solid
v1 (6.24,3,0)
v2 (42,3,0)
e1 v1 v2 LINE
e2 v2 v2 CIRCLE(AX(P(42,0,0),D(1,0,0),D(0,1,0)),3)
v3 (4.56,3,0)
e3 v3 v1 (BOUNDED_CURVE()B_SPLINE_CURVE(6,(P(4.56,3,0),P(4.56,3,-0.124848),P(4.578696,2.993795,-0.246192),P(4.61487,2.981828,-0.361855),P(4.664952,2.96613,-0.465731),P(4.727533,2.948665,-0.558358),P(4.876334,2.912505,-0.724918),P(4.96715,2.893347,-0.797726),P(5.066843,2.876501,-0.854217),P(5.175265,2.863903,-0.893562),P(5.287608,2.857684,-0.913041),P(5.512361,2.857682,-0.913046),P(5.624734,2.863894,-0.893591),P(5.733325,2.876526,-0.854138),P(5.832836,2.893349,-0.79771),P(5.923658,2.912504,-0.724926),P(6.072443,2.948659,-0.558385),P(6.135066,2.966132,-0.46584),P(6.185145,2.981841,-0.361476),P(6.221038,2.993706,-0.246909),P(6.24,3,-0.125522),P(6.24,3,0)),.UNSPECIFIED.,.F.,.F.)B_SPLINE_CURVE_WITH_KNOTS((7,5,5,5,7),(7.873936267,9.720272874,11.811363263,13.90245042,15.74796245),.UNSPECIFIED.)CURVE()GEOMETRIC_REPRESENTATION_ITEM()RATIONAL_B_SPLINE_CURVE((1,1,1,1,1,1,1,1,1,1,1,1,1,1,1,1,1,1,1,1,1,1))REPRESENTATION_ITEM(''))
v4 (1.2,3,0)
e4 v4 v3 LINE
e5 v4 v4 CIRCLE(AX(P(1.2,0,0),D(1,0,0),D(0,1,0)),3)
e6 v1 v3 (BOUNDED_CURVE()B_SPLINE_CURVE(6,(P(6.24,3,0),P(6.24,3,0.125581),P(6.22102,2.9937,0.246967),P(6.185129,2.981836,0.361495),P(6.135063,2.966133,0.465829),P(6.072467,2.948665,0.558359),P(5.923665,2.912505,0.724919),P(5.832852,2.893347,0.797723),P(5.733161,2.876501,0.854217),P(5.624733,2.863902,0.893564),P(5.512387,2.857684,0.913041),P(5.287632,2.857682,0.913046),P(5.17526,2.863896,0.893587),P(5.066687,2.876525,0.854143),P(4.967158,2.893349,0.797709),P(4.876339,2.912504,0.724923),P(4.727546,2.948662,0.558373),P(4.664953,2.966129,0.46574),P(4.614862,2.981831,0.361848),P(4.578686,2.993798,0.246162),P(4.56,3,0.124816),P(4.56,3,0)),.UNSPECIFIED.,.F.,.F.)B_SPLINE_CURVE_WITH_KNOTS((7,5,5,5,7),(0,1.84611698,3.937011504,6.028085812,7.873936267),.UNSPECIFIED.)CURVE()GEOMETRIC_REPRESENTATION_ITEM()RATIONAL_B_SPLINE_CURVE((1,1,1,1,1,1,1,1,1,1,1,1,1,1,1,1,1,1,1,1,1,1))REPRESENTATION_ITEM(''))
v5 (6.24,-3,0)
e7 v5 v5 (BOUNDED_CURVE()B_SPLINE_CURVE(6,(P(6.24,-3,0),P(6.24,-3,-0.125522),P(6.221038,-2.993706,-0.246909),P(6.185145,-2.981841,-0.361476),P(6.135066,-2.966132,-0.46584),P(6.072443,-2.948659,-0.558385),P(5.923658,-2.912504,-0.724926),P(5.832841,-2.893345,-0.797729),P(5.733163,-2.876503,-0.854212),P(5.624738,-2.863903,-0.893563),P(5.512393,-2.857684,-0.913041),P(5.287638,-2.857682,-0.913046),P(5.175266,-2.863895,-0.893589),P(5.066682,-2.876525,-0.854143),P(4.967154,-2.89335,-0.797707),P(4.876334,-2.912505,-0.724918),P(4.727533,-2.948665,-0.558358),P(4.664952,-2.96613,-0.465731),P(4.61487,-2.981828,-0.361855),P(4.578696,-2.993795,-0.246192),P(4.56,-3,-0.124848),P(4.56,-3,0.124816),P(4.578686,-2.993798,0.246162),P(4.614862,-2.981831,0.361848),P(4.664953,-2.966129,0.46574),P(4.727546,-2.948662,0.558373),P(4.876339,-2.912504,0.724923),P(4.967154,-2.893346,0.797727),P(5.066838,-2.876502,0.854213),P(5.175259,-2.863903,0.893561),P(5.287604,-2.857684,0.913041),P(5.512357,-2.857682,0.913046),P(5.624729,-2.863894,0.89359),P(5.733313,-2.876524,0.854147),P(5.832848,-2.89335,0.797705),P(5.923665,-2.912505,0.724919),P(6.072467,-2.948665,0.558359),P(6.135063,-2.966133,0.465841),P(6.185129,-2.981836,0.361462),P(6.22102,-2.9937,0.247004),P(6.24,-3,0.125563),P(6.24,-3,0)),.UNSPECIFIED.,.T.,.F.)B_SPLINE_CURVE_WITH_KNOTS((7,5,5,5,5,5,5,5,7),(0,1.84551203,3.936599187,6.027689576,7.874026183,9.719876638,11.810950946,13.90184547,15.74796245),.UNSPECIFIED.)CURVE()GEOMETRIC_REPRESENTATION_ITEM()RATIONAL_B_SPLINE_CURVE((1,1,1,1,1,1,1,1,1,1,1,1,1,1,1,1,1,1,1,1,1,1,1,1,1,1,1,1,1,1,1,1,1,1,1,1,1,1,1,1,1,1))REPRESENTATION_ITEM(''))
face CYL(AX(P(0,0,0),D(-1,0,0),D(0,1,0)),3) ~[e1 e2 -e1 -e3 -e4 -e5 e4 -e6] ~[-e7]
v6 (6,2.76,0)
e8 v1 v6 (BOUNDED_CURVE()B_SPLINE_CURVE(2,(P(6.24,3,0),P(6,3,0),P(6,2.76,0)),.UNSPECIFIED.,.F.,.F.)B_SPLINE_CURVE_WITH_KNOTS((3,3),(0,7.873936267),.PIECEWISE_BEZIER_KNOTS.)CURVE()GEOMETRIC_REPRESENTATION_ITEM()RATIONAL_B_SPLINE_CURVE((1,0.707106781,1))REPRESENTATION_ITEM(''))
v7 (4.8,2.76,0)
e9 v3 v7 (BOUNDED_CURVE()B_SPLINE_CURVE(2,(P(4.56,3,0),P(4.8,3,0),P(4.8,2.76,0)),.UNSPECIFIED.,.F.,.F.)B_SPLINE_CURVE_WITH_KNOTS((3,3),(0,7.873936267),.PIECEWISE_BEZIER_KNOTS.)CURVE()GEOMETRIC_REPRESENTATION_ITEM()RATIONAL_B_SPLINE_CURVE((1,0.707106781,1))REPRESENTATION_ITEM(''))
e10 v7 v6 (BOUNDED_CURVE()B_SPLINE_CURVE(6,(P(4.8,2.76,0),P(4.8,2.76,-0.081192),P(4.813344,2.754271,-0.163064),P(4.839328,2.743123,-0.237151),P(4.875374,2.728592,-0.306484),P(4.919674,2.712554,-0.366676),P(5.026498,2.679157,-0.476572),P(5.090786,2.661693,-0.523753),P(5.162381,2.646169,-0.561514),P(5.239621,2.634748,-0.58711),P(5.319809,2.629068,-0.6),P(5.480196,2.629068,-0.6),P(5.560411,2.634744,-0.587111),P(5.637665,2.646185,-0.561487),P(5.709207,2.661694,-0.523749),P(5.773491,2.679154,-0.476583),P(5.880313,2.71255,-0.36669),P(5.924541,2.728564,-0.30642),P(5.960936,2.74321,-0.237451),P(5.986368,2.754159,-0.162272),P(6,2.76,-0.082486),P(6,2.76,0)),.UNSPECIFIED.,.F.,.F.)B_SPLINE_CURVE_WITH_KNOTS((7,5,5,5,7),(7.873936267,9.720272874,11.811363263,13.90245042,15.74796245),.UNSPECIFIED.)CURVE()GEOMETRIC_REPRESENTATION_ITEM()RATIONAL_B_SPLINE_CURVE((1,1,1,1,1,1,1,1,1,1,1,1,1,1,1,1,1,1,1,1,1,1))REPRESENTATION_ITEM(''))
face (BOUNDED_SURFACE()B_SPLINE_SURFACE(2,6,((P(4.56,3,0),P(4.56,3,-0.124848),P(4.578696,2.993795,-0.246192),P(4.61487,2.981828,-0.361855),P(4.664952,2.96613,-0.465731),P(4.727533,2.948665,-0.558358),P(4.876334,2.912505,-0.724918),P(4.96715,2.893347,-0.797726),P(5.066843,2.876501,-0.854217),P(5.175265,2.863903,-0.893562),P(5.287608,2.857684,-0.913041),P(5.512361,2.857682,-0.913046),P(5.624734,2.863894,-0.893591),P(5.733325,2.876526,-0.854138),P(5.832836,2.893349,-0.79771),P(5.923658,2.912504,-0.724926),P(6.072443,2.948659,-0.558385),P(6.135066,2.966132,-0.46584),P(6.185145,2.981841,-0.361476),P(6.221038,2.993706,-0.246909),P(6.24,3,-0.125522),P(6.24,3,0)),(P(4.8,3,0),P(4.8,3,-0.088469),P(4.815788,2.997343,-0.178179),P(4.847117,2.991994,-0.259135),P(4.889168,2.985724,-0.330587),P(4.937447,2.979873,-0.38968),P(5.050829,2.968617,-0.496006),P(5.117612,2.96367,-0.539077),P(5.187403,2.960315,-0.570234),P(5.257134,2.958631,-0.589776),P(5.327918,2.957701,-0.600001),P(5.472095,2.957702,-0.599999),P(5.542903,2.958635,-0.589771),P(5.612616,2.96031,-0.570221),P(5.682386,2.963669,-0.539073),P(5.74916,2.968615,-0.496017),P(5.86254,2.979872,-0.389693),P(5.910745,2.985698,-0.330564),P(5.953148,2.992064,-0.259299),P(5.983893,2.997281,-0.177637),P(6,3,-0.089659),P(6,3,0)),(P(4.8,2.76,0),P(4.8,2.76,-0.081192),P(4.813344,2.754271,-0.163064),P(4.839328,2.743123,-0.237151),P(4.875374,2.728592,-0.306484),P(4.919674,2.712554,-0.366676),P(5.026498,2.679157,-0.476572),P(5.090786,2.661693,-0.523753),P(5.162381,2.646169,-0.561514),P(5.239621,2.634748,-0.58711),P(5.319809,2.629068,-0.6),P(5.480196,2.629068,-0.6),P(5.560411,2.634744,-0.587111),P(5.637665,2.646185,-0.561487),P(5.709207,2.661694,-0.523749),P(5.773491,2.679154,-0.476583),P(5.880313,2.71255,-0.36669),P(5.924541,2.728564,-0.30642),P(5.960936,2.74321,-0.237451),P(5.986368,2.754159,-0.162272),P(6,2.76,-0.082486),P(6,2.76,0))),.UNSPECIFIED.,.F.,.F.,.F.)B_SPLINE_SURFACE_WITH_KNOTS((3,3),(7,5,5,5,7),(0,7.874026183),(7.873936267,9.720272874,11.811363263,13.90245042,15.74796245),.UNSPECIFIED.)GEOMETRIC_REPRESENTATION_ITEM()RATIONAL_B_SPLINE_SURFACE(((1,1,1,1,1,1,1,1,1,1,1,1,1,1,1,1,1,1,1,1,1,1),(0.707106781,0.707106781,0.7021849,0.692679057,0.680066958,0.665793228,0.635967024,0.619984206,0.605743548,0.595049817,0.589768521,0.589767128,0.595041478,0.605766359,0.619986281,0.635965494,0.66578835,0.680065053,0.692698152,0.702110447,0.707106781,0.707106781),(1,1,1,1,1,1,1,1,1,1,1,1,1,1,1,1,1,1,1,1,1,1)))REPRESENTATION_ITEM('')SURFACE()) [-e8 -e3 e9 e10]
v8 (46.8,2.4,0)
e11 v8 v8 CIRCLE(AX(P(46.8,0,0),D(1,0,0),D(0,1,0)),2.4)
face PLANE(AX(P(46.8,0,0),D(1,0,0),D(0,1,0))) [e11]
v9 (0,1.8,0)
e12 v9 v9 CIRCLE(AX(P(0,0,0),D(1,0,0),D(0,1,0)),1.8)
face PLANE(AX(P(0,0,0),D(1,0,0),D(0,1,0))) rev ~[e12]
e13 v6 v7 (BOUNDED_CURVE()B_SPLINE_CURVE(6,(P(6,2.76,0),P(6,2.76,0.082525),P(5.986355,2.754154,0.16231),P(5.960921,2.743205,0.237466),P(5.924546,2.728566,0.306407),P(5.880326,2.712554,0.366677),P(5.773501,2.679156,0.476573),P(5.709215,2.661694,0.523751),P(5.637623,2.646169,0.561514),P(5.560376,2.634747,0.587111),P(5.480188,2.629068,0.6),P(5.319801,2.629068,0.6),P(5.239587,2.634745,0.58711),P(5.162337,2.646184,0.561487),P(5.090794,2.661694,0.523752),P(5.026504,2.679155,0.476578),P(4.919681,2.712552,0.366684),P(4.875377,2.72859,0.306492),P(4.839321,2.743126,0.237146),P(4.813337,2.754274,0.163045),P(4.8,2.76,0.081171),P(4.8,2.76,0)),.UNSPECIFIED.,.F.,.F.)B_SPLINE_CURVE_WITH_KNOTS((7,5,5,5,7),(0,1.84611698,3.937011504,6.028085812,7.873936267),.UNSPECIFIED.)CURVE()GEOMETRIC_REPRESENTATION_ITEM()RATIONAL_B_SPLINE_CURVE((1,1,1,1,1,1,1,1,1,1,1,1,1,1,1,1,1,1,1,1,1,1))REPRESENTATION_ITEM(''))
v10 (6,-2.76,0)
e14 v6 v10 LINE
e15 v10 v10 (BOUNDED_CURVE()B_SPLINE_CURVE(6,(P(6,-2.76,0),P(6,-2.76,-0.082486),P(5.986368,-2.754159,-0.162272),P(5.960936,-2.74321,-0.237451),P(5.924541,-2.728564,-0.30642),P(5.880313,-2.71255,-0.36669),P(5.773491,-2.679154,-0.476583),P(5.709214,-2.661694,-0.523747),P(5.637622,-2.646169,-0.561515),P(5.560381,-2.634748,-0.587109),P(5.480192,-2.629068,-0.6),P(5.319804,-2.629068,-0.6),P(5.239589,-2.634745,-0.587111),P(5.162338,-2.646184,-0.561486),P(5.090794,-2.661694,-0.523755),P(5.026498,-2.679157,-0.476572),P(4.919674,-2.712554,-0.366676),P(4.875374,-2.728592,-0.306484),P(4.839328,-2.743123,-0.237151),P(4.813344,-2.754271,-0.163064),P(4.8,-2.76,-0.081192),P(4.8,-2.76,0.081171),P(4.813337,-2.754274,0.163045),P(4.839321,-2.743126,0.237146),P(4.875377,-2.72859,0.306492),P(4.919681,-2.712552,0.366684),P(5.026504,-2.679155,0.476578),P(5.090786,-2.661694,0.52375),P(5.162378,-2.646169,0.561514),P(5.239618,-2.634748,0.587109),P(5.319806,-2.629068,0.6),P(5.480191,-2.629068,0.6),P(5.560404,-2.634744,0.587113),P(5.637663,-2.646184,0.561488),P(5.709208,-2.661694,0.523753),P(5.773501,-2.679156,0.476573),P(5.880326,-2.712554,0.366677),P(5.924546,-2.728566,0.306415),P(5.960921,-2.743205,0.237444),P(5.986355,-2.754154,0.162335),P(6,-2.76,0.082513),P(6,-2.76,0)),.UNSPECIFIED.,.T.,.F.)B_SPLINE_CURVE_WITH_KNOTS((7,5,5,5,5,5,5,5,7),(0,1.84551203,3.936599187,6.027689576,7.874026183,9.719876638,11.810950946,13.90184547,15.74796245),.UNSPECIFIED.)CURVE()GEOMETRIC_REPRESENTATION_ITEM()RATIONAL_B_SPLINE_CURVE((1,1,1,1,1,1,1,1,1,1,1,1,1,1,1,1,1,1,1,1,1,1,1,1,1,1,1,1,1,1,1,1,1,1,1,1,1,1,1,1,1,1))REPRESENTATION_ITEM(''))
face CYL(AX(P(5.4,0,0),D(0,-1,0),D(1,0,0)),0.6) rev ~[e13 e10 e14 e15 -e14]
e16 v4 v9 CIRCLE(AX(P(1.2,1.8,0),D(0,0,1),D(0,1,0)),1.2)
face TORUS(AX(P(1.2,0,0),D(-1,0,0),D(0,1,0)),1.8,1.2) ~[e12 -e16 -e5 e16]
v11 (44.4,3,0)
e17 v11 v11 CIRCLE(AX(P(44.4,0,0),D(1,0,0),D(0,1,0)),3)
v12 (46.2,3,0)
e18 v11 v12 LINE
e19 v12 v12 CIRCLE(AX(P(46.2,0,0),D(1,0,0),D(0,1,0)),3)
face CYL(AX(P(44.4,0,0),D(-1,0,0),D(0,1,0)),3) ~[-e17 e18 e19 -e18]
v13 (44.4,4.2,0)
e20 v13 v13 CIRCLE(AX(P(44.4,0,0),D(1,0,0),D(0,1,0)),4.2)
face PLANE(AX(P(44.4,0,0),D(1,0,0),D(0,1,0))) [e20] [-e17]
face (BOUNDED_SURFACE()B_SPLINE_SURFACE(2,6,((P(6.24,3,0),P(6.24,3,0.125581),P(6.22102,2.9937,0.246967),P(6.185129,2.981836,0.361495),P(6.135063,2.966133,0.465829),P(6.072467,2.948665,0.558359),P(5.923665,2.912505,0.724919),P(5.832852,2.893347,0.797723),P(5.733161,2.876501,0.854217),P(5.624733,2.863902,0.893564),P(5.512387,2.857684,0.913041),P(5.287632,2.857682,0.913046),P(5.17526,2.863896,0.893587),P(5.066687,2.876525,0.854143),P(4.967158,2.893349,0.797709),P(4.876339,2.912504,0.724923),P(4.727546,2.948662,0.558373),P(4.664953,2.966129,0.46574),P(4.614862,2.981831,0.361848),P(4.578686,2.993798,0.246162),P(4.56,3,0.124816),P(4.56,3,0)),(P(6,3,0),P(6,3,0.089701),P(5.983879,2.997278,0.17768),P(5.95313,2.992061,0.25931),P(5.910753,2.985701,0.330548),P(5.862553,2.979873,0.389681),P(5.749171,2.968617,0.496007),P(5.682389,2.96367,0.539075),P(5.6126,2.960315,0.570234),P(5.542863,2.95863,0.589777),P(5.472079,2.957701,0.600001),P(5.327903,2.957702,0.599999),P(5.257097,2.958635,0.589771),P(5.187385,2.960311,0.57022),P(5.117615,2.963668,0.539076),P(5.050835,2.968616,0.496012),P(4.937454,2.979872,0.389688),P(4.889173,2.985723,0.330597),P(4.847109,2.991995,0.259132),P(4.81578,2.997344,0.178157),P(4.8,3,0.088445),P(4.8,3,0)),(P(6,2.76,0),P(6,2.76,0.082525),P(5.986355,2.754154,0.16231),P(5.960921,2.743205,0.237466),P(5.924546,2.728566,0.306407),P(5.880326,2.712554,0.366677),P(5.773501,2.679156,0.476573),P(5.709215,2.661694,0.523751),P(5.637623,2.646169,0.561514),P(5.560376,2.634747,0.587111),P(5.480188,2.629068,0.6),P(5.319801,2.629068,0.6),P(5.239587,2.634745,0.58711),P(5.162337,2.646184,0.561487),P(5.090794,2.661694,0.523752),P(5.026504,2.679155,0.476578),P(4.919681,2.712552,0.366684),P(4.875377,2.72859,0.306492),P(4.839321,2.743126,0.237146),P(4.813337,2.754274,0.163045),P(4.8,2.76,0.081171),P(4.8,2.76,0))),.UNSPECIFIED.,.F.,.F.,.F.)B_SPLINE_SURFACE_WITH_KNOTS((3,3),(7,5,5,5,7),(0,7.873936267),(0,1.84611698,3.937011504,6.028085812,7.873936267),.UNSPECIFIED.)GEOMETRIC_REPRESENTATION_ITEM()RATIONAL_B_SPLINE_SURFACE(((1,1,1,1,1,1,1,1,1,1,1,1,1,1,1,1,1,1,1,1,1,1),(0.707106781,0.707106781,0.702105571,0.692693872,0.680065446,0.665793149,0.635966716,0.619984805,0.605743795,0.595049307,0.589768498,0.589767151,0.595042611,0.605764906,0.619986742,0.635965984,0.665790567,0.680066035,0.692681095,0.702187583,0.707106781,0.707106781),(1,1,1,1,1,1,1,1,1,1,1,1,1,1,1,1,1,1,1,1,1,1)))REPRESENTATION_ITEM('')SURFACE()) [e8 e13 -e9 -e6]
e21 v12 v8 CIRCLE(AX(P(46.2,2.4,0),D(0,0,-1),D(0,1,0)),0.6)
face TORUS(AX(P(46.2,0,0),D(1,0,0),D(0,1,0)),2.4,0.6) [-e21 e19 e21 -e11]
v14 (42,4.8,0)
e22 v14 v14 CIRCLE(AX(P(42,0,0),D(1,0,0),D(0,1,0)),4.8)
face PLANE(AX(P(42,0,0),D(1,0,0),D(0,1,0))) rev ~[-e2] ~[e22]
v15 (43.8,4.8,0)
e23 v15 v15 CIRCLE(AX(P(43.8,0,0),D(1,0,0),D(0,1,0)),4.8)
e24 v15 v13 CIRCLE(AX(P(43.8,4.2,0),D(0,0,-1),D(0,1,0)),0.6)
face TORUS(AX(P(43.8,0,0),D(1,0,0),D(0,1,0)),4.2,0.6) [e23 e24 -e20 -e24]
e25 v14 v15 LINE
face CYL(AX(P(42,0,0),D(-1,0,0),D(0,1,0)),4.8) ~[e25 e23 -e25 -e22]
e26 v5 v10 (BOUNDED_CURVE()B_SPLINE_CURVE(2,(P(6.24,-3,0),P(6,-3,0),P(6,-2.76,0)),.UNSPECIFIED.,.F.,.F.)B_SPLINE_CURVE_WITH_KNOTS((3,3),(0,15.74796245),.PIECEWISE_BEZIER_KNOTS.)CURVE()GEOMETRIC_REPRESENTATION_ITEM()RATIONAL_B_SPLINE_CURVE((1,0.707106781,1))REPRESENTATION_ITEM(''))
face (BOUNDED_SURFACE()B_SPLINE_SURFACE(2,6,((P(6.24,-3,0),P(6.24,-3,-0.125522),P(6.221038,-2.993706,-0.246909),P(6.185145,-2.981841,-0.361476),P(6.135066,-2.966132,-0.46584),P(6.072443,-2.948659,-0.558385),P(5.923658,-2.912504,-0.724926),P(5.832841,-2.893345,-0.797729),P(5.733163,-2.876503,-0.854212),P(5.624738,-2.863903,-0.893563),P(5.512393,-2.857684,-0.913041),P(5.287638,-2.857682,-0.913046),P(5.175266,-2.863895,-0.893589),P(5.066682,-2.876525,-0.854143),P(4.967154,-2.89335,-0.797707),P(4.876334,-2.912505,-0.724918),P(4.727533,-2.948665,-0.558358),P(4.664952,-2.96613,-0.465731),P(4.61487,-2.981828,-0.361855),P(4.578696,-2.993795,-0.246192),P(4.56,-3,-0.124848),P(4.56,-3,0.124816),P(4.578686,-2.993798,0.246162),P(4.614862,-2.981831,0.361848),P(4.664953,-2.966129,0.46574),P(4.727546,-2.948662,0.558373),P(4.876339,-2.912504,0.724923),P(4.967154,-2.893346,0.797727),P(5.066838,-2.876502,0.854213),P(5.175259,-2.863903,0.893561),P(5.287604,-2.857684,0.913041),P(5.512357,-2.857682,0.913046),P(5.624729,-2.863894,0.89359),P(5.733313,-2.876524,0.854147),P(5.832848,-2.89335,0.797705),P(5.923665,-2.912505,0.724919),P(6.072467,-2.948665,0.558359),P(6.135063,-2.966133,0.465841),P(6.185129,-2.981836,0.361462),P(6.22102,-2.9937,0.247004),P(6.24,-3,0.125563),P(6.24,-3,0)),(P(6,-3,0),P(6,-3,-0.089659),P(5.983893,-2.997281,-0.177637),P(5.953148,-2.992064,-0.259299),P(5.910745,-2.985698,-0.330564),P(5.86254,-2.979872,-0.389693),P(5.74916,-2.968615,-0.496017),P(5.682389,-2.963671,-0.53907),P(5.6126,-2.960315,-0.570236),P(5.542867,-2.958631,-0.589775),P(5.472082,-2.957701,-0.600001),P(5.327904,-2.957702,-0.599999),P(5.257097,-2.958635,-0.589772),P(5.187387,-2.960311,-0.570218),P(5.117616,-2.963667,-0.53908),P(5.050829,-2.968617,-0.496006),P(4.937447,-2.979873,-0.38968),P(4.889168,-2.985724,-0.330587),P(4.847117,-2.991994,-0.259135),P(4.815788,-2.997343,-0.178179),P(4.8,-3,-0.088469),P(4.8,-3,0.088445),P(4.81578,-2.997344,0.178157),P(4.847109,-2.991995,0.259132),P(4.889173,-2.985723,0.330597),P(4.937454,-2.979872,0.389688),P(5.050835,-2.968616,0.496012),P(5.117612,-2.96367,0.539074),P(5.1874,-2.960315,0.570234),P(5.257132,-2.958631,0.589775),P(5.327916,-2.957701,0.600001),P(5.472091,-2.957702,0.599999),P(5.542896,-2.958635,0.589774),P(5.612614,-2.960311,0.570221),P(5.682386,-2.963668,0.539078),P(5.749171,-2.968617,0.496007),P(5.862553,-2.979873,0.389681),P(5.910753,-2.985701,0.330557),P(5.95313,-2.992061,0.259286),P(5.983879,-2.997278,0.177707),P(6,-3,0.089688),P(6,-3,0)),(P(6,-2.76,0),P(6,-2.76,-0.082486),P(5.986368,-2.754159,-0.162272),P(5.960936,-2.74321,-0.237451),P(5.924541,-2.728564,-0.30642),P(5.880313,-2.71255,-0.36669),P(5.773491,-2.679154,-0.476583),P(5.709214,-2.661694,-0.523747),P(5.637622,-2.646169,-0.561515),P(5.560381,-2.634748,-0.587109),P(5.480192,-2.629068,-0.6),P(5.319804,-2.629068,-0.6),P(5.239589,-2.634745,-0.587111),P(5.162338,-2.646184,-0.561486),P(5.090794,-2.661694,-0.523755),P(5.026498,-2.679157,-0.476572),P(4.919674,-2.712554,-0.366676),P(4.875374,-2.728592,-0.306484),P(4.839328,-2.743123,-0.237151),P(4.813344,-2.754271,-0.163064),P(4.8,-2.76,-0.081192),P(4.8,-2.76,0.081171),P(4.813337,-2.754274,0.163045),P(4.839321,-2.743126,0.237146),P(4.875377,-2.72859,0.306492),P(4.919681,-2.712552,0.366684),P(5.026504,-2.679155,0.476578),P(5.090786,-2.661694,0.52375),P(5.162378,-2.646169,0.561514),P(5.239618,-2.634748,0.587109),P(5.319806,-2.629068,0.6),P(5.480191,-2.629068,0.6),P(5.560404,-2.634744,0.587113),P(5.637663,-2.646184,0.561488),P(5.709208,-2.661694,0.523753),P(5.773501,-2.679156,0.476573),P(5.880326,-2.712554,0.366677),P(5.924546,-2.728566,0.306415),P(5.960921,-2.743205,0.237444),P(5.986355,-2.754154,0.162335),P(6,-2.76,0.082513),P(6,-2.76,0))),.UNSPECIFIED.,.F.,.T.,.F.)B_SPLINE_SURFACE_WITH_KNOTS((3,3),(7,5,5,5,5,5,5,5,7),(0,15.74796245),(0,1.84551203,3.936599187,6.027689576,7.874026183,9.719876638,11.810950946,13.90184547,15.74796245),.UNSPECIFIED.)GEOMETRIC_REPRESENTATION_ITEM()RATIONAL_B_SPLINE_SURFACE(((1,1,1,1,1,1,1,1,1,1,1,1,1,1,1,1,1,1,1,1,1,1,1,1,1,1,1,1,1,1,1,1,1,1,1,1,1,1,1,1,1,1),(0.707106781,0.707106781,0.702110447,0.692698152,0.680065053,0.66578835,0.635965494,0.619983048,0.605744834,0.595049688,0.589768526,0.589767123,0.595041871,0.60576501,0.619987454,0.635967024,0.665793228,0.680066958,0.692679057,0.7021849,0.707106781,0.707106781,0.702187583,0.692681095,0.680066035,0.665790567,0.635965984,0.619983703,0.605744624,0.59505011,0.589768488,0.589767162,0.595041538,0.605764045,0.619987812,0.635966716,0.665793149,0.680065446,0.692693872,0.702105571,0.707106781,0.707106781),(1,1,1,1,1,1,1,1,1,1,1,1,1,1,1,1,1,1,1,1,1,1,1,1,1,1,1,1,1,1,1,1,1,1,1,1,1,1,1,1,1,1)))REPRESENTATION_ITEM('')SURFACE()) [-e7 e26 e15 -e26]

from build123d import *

# Parameters (mm, degrees)
F0_R      = 12.5
F1_DEPTH  = 175
F2_R      = 20
F3_DEPTH  = 10
F4_R      = 12.5
F5_DEPTH  = 10
F6_R      = 2.5
F7_R      = 2.5
F8_DEPTH  = 12.5
F9_R      = 1
F10_R     = 5
F11_SCALE = 0.24


with BuildPart() as f1:
    # F0 (on Right) → F1 (new body)
    with BuildSketch(Plane.YZ):
        Circle(F0_R)
    extrude(amount=F1_DEPTH)

    # F2 (on face) → F3 (join)
    with BuildSketch(Plane.YZ.offset(175)):
        Circle(F2_R)
    extrude(amount=F3_DEPTH)

    # F4 (on face) → F5 (join)
    with BuildSketch(Plane.YZ.offset(185)):
        Circle(F4_R)
    extrude(amount=F5_DEPTH)

    # F6
    f6_edges = [f1.edges().sort_by_distance(p)[0] for p in [
        (195, -12.5, 0),
        (185, -20, 0),
    ]]
    fillet(f6_edges, radius=F6_R)

    # F7 (on Front) → F8 (cut, symmetric)
    with BuildSketch(Plane.XZ):
        with Locations((22.5, 0)):
            Circle(F7_R)
    extrude(amount=F8_DEPTH, both=True, mode=Mode.SUBTRACT)

    # F9
    f9_edges = [f1.edges().sort_by_distance(p)[0] for p in [
        (22.5, 12.247449, 2.5),
        (22.5, 12.247449, -2.5),
        (20, -12.5, 0),
    ]]
    fillet(f9_edges, radius=F9_R)

    # F10
    f10_edges = [f1.edges().sort_by_distance(p)[0] for p in [
        (0, -12.5, 0),
    ]]
    fillet(f10_edges, radius=F10_R)


with BuildPart() as f1_1:
    # F11: moved
    add(f1.part.scale(F11_SCALE))


solid = f1_1.part
